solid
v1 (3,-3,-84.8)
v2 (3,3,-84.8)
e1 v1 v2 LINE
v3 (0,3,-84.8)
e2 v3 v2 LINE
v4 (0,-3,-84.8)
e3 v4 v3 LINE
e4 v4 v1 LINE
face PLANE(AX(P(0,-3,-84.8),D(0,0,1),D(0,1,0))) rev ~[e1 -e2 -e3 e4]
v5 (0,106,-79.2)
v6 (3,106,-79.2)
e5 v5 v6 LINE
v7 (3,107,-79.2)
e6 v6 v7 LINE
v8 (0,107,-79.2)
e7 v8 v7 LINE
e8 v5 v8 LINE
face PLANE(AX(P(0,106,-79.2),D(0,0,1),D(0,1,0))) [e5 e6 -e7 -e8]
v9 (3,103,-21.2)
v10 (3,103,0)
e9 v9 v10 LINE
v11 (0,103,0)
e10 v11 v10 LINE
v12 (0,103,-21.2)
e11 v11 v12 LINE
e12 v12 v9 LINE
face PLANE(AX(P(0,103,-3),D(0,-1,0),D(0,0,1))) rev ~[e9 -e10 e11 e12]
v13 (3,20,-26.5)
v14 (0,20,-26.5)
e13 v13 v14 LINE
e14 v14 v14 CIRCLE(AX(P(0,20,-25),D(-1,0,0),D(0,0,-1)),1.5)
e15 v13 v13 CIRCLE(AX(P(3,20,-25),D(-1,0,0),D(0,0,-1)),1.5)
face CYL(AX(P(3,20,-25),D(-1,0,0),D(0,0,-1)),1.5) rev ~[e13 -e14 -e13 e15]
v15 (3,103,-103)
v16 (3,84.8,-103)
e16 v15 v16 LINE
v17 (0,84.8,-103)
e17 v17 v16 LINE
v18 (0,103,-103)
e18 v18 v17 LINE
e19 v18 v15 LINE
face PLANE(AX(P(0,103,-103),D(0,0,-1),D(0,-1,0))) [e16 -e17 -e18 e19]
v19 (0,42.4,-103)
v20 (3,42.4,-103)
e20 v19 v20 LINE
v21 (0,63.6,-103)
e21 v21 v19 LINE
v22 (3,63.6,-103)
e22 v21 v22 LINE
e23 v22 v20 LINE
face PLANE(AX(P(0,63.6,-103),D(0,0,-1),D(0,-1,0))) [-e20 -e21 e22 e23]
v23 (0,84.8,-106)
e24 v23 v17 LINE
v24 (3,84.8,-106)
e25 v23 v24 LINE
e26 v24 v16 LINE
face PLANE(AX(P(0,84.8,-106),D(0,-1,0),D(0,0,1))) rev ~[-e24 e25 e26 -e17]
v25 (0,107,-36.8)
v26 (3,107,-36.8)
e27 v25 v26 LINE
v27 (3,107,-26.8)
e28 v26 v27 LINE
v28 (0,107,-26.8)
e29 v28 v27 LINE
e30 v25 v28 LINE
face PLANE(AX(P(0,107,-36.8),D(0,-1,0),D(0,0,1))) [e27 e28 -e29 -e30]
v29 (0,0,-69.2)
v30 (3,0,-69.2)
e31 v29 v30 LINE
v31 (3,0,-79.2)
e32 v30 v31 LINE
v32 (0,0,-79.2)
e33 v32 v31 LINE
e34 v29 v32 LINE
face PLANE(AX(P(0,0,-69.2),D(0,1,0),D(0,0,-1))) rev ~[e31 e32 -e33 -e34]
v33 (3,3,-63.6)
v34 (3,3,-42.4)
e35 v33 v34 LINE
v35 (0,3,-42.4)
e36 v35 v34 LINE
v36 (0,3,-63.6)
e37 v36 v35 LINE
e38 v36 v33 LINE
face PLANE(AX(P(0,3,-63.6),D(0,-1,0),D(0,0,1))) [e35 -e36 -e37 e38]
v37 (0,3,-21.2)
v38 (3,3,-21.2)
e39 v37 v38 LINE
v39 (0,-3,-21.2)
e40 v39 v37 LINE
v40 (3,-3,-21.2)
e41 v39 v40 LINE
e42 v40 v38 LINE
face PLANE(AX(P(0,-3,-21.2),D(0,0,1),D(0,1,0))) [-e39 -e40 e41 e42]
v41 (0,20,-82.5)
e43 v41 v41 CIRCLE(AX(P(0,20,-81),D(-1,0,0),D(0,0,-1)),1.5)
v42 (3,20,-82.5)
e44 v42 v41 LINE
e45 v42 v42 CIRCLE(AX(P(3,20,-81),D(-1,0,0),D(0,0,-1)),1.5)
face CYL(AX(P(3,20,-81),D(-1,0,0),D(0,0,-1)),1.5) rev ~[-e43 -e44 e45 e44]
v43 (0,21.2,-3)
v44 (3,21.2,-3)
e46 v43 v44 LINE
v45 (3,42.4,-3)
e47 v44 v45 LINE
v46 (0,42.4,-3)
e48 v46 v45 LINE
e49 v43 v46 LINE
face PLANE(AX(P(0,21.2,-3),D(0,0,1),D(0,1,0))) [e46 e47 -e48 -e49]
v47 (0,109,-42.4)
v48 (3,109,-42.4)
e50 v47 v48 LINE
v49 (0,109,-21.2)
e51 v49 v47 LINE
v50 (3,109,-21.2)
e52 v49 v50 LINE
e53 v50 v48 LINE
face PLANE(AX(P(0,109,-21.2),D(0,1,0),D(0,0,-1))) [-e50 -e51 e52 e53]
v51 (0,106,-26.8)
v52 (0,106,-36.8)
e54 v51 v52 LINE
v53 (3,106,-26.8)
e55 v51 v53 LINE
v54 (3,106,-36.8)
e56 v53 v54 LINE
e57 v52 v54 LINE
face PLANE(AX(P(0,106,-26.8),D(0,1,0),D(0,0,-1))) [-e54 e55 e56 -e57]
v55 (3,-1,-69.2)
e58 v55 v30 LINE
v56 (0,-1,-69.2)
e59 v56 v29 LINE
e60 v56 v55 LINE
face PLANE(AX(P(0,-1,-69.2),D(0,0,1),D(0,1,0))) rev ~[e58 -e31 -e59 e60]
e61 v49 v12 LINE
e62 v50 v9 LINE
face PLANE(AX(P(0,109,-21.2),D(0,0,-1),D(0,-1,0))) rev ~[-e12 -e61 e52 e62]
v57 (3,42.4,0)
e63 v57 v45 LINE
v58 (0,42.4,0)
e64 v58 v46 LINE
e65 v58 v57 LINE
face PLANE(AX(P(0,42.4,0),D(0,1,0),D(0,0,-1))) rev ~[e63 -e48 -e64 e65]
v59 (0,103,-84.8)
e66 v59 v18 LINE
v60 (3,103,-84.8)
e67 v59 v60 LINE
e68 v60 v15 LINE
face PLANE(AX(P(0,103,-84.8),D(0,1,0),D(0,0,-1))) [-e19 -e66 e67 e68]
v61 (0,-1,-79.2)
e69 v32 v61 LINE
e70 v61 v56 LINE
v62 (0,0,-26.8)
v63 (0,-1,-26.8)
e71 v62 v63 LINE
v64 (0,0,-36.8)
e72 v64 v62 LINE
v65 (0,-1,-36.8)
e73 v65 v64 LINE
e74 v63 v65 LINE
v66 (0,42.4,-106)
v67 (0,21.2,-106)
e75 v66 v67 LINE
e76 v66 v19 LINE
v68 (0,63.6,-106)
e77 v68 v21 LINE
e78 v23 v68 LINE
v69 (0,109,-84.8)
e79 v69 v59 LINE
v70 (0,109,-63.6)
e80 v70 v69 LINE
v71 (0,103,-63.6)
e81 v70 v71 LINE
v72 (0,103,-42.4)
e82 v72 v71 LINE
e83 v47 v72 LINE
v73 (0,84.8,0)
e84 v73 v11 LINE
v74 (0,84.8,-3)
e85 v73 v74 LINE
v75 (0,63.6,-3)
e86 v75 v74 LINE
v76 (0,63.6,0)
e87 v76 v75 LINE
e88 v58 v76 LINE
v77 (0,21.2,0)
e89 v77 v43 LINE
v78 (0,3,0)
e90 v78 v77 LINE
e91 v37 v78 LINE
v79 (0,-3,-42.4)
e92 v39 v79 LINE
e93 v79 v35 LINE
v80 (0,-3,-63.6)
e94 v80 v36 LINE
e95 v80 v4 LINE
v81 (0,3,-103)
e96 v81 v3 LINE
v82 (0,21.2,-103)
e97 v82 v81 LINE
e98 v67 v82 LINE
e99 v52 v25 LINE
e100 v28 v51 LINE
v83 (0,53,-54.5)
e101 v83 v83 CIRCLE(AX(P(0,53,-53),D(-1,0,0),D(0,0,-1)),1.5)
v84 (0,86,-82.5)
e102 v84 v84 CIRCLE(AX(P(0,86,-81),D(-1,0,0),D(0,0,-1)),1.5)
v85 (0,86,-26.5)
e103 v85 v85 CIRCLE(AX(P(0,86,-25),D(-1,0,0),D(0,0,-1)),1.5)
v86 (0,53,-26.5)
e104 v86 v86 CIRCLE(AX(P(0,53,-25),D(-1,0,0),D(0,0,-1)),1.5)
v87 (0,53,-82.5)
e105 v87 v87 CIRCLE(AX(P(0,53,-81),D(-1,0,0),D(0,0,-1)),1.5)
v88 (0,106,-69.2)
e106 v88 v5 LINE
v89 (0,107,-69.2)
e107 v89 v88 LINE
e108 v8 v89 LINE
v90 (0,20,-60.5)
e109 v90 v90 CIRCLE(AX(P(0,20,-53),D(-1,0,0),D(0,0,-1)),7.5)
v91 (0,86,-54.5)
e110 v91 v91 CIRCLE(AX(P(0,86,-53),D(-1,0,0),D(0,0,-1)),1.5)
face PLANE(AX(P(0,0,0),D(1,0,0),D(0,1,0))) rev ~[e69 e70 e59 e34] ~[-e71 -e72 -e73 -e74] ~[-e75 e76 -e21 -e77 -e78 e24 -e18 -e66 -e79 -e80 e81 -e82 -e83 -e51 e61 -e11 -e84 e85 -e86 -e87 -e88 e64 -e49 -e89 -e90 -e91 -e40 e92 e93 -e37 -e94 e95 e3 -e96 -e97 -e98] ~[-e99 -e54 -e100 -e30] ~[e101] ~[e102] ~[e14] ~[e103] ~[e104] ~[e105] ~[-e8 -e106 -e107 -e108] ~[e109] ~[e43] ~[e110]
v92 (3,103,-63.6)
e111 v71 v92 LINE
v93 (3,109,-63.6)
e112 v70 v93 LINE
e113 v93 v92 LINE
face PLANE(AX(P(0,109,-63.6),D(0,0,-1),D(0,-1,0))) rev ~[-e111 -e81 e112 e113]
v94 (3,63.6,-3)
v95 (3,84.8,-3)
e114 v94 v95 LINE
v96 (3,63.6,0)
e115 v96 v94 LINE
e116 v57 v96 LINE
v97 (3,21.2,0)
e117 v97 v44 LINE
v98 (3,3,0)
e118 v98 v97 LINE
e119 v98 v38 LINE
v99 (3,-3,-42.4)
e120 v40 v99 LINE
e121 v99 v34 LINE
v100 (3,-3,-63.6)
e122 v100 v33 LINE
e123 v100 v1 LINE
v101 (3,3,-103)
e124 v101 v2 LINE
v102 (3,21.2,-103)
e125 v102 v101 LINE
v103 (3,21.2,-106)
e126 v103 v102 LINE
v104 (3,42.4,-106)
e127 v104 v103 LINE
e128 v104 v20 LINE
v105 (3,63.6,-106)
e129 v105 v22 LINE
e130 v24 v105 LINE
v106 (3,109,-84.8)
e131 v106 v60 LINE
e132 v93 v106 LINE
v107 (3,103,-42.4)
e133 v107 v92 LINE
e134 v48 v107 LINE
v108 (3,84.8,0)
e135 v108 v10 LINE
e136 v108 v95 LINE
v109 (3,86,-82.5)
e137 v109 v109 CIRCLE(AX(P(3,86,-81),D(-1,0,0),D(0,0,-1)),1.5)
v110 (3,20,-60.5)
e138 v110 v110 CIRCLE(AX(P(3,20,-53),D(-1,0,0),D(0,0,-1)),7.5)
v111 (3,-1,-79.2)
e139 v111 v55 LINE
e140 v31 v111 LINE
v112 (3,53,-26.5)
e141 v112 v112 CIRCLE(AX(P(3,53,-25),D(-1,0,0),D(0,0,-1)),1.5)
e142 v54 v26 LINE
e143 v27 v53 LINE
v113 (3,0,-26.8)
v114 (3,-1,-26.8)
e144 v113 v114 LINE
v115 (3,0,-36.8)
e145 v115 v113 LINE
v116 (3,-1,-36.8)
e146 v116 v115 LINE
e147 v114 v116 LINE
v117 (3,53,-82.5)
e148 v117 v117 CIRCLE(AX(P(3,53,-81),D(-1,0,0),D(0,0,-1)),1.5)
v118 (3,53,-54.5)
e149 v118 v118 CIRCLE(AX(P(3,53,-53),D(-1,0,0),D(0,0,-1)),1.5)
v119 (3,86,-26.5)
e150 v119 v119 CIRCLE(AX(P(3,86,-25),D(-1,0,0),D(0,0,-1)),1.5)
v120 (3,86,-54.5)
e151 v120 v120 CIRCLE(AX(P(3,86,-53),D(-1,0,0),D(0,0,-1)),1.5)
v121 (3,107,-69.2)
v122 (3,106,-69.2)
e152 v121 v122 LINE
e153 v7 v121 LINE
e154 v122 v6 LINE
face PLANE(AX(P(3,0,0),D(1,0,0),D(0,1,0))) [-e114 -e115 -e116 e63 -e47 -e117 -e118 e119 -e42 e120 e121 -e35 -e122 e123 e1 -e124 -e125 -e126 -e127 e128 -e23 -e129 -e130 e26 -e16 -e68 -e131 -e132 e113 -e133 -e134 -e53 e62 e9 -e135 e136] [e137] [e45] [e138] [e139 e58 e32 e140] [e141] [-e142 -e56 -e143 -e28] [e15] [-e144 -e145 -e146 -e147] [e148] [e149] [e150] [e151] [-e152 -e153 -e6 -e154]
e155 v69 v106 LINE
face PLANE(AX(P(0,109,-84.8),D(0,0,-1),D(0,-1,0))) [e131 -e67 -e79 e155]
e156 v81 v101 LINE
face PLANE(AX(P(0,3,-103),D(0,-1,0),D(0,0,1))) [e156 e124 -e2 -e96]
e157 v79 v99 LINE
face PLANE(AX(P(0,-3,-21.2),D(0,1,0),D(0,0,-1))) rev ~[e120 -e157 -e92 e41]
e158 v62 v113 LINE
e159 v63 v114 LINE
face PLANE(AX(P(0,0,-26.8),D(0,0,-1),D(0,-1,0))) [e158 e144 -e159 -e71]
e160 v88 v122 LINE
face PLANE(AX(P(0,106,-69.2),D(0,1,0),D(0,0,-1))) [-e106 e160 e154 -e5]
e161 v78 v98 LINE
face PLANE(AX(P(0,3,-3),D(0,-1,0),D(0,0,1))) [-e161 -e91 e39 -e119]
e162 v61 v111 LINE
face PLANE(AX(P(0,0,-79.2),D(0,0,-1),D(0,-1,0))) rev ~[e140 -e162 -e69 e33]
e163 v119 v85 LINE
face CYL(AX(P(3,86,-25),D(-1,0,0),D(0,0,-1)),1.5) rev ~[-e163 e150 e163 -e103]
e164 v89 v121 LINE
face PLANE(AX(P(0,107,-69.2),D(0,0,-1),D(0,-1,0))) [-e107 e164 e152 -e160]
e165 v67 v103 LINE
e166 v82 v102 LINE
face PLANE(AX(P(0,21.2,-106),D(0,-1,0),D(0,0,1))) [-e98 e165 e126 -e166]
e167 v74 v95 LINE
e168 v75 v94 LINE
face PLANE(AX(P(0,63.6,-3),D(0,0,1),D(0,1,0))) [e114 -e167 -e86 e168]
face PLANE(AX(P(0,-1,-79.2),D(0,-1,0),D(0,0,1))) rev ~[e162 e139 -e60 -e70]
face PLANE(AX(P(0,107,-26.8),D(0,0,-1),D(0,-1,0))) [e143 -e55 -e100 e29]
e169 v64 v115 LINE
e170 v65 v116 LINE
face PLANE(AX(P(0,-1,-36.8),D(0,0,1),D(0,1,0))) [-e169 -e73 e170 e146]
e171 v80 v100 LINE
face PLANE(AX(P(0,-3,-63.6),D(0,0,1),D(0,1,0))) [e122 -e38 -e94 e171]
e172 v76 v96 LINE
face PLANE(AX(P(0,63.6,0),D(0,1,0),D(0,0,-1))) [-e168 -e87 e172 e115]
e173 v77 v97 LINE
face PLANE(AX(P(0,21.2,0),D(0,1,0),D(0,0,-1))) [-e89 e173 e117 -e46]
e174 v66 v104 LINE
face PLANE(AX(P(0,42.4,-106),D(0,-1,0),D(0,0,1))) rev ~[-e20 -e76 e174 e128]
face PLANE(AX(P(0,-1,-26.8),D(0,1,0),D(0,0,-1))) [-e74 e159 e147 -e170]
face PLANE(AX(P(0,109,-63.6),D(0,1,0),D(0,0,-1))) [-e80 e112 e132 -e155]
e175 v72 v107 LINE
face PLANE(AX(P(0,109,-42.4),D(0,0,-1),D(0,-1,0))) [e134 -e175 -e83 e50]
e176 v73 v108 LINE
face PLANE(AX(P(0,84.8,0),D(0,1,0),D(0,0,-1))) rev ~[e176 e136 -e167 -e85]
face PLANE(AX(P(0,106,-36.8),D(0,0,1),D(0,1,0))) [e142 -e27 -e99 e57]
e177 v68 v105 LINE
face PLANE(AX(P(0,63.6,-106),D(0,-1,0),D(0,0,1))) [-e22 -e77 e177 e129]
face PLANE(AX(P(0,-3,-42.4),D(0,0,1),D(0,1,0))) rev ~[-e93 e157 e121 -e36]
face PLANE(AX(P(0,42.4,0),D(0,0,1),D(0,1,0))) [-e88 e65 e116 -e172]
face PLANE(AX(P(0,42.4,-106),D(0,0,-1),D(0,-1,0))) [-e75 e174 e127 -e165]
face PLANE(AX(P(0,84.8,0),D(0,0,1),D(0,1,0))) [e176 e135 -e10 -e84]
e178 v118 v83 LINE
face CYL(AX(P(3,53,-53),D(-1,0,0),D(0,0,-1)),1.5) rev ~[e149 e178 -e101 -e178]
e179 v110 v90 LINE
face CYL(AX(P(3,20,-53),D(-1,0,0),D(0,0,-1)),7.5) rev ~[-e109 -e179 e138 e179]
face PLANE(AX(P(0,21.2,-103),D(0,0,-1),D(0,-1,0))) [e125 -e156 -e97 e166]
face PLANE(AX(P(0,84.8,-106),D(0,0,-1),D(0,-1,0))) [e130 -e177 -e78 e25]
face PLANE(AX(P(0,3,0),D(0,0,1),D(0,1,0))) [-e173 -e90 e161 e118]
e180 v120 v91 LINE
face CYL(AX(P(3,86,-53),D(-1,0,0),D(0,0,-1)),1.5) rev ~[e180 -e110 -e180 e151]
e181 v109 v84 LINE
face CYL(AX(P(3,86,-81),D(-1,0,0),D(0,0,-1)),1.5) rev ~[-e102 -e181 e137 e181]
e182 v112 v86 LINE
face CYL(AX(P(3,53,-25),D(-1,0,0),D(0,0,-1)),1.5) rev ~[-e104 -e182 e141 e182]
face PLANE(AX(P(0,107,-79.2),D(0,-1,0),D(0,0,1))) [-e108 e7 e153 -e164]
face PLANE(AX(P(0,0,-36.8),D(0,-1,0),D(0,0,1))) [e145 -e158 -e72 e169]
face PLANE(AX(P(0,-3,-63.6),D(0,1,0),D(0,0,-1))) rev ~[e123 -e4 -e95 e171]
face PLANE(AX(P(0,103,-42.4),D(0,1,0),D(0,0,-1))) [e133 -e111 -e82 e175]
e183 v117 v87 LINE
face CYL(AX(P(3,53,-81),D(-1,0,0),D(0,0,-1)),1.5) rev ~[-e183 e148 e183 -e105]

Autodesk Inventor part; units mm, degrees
ref_plane "YZ Plane" through (0, 0, 0) normal (1, 0, 0) x (0, 1, 0)
ref_plane "XZ Plane" through (0, 0, 0) normal (0, 1, 0) x (-1, 0, 0)
ref_plane "XY Plane" through (0, 0, 0) normal (0, 0, 1) x (1, 0, 0)
sketch "Sketch1" plane through (0, 0, 0) normal (1, 0, 0) x (0, 1, 0)
  line L0 (21.2, 0) -> (21.2, -3)
  line L1 (42.4, 0) -> (42.4, -3)
  line L2 (63.6, 0) -> (63.6, -3)
  line L3 (84.8, 0) -> (84.8, -3)
  line L4 (-3, -21.2) -> (3, -21.2)
  line L5 (-3, -42.4) -> (3, -42.4)
  line L6 (-3, -63.6) -> (3, -63.6)
  line L7 (-3, -84.8) -> (3, -84.8)
  line L8 (21.2, -106) -> (21.2, -103)
  line L9 (42.4, -106) -> (42.4, -103)
  line L10 (63.6, -106) -> (63.6, -103)
  line L11 (84.8, -106) -> (84.8, -103)
  line L12 (109, -84.8) -> (103, -84.8)
  line L13 (109, -63.6) -> (103, -63.6)
  line L14 (109, -42.4) -> (103, -42.4)
  line L15 (109, -21.2) -> (103, -21.2)
  line L16 (3, -103) -> (3, -84.8)
  line L17 (3, -63.6) -> (3, -42.4)
  line L18 (3, -21.2) -> (3, -3)
  line L19 (103, -3) -> (103, -21.2)
  line L20 (103, -42.4) -> (103, -63.6)
  line L21 (103, -84.8) -> (103, -103)
  line L22 (21.2, -103) -> (3, -103)
  line L23 (84.8, -106) -> (63.6, -106)
  line L24 (42.4, -106) -> (21.2, -106)
  line L25 (103, -103) -> (84.8, -103)
  line L26 (63.6, -103) -> (42.4, -103)
  line L27 (103, -3) -> (103, 0)
  line L28 (3, -3) -> (3, 0)
  line L29 (3, 0) -> (21.2, 0)
  line L30 (21.2, -3) -> (42.4, -3)
  line L31 (63.6, -3) -> (84.8, -3)
  line L32 (42.4, 0) -> (63.6, 0)
  line L33 (84.8, 0) -> (103, 0)
  line L34 (109, -21.2) -> (109, -42.4)
  line L35 (109, -63.6) -> (109, -84.8)
  line L36 (-3, -21.2) -> (-3, -42.4)
  line L37 (-3, -63.6) -> (-3, -84.8)
  line L38 (0, -26.8) -> (-1, -26.8)
  line L39 (-1, -26.8) -> (-1, -36.8)
  line L40 (-1, -36.8) -> (0, -36.8)
  line L41 (0, -36.8) -> (0, -26.8)
  line L42 (107, -26.8) -> (106, -26.8)
  line L43 (106, -26.8) -> (106, -36.8)
  line L44 (106, -36.8) -> (107, -36.8)
  line L45 (107, -36.8) -> (107, -26.8)
  line L46 (107, -69.2) -> (106, -69.2)
  line L47 (106, -69.2) -> (106, -79.2)
  line L48 (106, -79.2) -> (107, -79.2)
  line L49 (107, -79.2) -> (107, -69.2)
  line L50 (-1, -69.2) -> (0, -69.2)
  line L51 (0, -69.2) -> (0, -79.2)
  line L52 (0, -79.2) -> (-1, -79.2)
  line L53 (-1, -79.2) -> (-1, -69.2)
  point P0 (0, 0)
  dimension "d94" = 1
  dimension "d95" = 10
  dimension "d96" = 1
  dimension "d97" = 1
  dimension "d98" = 10
  dimension "d99" = 10
extrude "Extrusion1" add sketch "Sketch1" along normal blind 3
sketch "Sketch3" plane through (3, 0, 0) normal (1, 0, 0) x (0, 0, -1)
  circle A0 centre (25, 20) radius 1.5
  point P0 (0, 0)
  dimension "d22" = 3
hole "Hole2" at (3, 20, -25) direction (-1, 0, 0) diameter 3 end through all
sketch "Sketch4" plane through (3, 0, 0) normal (1, 0, 0) x (0, 0, -1)
  circle A0 centre (25, 53) radius 1.5
  point P0 (0, 0)
  dimension "d30" = 3
hole "Hole3" at (3, 53, -25) direction (-1, 0, 0) diameter 3 end through all
sketch "Sketch5" plane through (3, 0, 0) normal (1, 0, 0) x (0, 0, -1)
  circle A0 centre (25, 86) radius 1.5
  point P0 (0, 0)
  dimension "d38" = 3
hole "Hole4" at (3, 86, -25) direction (-1, 0, 0) diameter 3 end through all
sketch "Sketch6" plane through (3, 0, 0) normal (1, 0, 0) x (0, 0, -1)
  circle A0 centre (53, 20) radius 1.5
  point P0 (0, 0)
  dimension "d46" = 3
hole "Hole5" at (3, 20, -53) direction (-1, 0, 0) diameter 15 end through all
sketch "Sketch7" plane through (3, 0, 0) normal (1, 0, 0) x (0, 0, -1)
  circle A0 centre (53, 53) radius 1.5
  point P0 (0, 0)
  dimension "d54" = 3
hole "Hole6" at (3, 53, -53) direction (-1, 0, 0) diameter 3 end through all
sketch "Sketch8" plane through (3, 0, 0) normal (1, 0, 0) x (0, 0, -1)
  circle A0 centre (53, 86) radius 1.5
  point P0 (0, 0)
  dimension "d62" = 3
hole "Hole7" at (3, 86, -53) direction (-1, 0, 0) diameter 3 end through all
sketch "Sketch9" plane through (3, 0, 0) normal (1, 0, 0) x (0, 0, -1)
  circle A0 centre (81, 20) radius 1.5
  point P0 (0, 0)
  dimension "d70" = 3
hole "Hole8" at (3, 20, -81) direction (-1, 0, 0) diameter 3 end through all
sketch "Sketch10" plane through (3, 0, 0) normal (1, 0, 0) x (0, 0, -1)
  circle A0 centre (81, 53) radius 1.5
  point P0 (0, 0)
  dimension "d78" = 3
hole "Hole9" at (3, 53, -81) direction (-1, 0, 0) diameter 3 end through all
sketch "Sketch11" plane through (3, 0, 0) normal (1, 0, 0) x (0, 0, -1)
  circle A0 centre (81, 86) radius 1.5
  point P0 (0, 0)
  dimension "d86" = 3
hole "Hole10" at (3, 86, -81) direction (-1, 0, 0) diameter 3 end through all
properties part number "Box side 2" material "PMMA Plastic"
